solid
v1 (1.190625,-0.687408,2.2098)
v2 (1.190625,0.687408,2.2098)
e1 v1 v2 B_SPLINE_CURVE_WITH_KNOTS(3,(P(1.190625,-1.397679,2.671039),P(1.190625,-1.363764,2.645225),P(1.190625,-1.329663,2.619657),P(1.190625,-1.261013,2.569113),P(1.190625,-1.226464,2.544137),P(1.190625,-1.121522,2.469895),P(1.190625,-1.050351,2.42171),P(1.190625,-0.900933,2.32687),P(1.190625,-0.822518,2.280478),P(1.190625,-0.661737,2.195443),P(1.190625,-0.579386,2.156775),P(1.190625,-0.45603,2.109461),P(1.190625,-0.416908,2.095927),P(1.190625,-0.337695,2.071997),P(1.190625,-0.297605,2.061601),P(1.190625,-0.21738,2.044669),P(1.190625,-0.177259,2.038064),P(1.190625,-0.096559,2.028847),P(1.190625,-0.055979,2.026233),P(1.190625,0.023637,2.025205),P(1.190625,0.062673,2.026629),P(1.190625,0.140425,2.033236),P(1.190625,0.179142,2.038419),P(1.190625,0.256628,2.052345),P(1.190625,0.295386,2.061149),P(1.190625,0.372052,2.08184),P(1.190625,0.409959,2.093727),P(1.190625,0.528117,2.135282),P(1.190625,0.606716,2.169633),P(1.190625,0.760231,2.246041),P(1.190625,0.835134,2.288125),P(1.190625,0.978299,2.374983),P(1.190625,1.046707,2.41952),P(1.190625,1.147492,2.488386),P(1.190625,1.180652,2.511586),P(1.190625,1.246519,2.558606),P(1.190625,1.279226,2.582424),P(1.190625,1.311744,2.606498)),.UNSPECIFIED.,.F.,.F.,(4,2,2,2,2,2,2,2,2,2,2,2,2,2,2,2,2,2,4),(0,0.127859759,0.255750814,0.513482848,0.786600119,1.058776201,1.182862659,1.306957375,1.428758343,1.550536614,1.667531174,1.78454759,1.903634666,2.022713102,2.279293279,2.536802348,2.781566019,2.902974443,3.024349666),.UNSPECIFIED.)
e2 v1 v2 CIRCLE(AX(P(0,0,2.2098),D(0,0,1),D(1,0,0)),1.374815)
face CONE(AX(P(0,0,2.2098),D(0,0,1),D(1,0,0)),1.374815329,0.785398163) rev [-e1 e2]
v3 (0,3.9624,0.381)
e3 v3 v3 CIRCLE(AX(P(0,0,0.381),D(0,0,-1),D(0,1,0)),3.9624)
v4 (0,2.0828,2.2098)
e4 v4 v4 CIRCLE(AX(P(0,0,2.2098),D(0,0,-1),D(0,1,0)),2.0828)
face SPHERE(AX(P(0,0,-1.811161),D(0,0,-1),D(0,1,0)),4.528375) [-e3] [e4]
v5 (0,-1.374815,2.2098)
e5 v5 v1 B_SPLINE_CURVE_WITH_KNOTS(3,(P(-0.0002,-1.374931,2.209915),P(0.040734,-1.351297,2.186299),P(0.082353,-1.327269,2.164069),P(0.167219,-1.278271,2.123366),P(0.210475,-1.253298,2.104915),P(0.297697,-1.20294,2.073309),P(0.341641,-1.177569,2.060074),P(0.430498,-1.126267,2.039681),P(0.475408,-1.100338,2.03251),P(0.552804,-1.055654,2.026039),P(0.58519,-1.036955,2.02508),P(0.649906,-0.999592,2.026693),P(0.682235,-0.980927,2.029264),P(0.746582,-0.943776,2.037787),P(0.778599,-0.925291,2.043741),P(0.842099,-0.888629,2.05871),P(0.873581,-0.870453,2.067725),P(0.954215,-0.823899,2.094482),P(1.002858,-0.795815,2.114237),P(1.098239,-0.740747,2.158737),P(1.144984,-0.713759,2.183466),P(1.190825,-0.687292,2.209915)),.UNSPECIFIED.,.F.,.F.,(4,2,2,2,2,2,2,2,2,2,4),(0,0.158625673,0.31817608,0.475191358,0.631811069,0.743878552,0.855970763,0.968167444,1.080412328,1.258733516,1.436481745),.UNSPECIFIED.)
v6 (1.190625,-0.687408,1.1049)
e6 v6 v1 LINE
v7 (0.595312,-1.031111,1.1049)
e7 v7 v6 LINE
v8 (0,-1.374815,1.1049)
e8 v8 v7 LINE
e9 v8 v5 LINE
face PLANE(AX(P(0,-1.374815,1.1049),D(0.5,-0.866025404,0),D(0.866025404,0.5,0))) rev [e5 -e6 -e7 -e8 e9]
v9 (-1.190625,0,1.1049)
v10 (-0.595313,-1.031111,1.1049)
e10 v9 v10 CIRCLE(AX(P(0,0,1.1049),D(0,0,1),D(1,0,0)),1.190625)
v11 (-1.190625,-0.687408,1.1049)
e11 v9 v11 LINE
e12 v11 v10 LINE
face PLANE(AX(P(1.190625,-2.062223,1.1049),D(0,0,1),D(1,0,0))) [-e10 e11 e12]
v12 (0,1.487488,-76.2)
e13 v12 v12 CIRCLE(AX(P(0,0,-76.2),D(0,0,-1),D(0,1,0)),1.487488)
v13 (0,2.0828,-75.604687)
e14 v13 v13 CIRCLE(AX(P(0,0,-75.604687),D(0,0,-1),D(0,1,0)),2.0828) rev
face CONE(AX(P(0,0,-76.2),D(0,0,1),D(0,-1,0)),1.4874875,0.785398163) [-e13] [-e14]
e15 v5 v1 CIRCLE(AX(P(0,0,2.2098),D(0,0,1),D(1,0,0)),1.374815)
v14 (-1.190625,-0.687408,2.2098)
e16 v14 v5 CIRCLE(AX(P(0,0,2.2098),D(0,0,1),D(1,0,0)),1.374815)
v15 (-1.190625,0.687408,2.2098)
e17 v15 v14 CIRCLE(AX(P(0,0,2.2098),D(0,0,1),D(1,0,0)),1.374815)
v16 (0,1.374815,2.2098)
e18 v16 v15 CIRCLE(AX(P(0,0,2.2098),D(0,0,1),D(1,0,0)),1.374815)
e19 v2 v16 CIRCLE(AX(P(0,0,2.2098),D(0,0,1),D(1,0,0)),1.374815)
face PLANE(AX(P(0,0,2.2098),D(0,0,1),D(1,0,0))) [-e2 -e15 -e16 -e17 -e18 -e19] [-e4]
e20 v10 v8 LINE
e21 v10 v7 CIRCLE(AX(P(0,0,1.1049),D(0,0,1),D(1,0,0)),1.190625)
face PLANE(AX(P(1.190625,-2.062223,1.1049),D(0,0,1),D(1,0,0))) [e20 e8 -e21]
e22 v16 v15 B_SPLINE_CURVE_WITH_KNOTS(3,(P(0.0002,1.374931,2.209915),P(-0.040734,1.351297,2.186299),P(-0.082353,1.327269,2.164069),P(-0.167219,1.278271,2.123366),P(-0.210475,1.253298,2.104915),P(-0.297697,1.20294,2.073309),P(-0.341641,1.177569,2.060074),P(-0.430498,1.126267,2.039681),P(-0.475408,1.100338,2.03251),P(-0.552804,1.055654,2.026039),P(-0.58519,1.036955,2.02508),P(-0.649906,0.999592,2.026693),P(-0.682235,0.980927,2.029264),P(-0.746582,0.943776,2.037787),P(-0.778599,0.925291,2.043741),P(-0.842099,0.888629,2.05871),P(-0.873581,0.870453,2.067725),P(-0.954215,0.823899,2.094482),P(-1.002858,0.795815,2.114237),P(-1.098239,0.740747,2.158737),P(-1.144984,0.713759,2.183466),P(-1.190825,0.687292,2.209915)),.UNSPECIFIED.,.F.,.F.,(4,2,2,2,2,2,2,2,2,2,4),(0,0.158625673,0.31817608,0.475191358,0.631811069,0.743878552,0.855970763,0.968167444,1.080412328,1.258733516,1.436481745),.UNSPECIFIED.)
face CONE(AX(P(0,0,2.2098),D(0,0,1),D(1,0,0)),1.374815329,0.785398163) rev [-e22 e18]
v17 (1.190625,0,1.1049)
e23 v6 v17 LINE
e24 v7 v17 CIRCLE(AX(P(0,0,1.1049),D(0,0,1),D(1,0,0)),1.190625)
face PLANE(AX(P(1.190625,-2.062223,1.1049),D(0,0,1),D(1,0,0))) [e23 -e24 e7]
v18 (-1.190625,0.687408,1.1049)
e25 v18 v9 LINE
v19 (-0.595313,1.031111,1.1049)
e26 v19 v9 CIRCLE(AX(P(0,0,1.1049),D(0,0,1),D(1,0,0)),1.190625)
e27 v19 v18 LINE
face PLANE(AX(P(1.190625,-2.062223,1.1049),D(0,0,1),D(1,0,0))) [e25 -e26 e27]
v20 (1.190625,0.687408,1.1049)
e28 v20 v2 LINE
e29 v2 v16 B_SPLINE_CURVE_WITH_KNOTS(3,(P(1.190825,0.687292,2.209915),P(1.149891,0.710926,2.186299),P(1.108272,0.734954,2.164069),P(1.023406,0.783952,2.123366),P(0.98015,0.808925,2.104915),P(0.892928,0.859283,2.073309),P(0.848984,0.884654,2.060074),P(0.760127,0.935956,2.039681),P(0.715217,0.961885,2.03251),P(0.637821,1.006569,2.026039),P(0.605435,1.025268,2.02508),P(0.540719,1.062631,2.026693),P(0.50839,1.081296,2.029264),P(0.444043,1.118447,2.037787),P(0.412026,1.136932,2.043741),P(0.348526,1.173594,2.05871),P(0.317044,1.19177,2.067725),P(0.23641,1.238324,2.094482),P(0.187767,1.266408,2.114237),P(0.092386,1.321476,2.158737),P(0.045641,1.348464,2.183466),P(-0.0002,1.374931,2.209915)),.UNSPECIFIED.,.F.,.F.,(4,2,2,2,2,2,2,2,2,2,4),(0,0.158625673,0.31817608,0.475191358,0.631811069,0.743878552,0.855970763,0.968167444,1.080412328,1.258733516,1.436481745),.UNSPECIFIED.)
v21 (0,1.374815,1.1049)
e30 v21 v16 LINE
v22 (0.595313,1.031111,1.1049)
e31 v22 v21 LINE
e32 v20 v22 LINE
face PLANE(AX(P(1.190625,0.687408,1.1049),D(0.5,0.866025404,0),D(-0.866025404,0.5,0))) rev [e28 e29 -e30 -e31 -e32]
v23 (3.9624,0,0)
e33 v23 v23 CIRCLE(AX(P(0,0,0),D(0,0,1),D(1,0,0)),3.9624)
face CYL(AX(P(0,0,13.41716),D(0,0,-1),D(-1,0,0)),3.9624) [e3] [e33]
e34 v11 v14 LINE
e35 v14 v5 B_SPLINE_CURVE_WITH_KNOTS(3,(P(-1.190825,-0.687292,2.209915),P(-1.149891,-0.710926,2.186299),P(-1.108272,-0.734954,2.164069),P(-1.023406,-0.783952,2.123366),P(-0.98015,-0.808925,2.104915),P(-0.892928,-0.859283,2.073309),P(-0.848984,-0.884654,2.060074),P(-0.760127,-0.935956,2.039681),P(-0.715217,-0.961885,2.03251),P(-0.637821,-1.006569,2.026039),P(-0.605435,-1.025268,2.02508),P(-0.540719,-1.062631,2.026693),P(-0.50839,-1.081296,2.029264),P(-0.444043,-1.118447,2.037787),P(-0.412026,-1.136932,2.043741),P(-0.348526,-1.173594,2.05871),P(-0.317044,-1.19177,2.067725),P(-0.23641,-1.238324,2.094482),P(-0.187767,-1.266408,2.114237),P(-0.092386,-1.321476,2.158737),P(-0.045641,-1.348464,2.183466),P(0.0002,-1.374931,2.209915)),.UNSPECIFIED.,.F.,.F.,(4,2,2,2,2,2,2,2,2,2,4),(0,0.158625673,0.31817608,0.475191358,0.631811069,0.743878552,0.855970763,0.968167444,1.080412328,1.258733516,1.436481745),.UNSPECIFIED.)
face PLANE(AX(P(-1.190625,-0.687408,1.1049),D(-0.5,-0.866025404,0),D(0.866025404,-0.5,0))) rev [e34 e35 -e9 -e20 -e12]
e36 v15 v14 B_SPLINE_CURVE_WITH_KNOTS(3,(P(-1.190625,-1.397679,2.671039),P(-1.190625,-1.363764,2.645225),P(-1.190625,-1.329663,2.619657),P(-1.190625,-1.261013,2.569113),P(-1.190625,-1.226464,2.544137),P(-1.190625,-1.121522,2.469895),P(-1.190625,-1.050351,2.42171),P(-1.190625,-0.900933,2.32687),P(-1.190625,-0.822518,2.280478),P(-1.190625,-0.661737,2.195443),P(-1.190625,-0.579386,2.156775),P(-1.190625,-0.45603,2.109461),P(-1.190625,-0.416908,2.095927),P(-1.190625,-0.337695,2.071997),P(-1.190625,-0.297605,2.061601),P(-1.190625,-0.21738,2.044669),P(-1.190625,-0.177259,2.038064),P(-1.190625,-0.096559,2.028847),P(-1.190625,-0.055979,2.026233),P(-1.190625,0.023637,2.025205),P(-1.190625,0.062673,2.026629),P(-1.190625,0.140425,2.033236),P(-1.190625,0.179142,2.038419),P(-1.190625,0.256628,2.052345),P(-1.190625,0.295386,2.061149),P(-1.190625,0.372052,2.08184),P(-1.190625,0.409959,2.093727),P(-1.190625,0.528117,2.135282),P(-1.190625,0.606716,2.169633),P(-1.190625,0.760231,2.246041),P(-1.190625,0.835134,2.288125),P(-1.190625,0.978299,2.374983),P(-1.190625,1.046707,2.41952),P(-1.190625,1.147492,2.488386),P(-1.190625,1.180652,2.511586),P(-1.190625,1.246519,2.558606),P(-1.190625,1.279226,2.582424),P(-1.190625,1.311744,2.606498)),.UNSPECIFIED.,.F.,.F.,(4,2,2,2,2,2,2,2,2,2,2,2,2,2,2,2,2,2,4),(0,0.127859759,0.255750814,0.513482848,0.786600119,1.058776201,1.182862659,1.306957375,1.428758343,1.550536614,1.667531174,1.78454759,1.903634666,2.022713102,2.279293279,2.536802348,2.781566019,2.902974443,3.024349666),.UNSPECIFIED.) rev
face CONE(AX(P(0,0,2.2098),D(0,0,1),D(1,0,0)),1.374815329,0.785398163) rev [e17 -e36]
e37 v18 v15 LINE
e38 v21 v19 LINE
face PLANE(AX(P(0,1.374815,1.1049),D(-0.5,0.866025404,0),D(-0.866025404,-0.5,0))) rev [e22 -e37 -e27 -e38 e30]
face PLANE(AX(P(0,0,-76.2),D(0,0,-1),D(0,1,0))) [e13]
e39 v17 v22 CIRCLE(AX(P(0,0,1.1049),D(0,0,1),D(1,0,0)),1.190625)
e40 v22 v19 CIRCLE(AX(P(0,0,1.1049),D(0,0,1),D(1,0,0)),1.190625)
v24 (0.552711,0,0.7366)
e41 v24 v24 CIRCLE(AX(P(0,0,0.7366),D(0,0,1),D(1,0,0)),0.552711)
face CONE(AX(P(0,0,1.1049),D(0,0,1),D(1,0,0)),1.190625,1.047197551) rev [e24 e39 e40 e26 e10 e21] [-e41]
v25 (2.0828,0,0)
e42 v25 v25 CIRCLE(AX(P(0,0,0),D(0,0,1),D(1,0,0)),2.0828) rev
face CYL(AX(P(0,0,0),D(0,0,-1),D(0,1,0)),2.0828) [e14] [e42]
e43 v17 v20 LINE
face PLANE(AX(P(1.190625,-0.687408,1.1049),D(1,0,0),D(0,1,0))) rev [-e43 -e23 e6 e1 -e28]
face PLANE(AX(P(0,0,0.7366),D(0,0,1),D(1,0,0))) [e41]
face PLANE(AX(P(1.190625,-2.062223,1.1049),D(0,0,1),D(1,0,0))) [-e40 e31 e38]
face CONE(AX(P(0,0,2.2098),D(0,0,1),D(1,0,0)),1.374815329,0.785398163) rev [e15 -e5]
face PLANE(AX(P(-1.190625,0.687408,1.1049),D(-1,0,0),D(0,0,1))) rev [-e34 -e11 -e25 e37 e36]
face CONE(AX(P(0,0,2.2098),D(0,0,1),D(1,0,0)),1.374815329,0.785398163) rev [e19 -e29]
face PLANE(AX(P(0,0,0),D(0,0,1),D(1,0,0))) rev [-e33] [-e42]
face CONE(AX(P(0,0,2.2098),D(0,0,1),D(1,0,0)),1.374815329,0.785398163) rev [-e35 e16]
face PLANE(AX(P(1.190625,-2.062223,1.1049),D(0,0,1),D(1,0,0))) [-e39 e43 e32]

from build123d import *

# Parameters (mm, degrees)
SKETCH1_W          = 76.2
SKETCH1_H          = 2.0828
CHAMFER1_SIZE      = 0.5953125
SKETCH4_R          = 3.9624
EXTRUDE1_DEPTH     = 2.2098
CUT_EXTRUDE1_DEPTH = 1.1049
SKETCH7_R          = 1.374815329
CUT_EXTRUDE4_DEPTH = 1.1049
CUT_EXTRUDE4_TAPER = 45
SKETCH8_R          = 1.190625
CUT_EXTRUDE5_DEPTH = 0.3683
CUT_EXTRUDE5_TAPER = 60


with BuildPart() as part:
    # Sketch1 → Revolve1 (revolve)
    with BuildSketch(Plane(origin=(0, 0, 0), x_dir=(0, 0, -1), z_dir=(1, 0, 0))):
        with Locations((38.1, 1.0414)):
            Rectangle(SKETCH1_W, SKETCH1_H)
    revolve(axis=Axis((0, 0, 0), (0, 0, 1)))

    # Chamfer1
    chamfer1_edges = [part.edges().sort_by_distance(p)[0] for p in [
        (0, -2.0828, -76.2),
    ]]
    chamfer(chamfer1_edges, length=CHAMFER1_SIZE)

    # Sketch4 → Extrude1 (add)
    with BuildSketch(Plane.XY):
        Circle(SKETCH4_R)
    extrude(amount=EXTRUDE1_DEPTH)

    # Sketch9 → Cut-Revolve3 (revolve, cut)
    with BuildSketch(Plane(origin=(0, 0, 0), x_dir=(0, 0, -1), z_dir=(1, 0, 0))):
        with BuildLine():
            Line((0, 3.9624), (-0.381, 3.9624))
            ThreePointArc((-0.381, 3.9624), (-1.434442989, 3.157885071), (-2.2098, 2.0828))
            Line((-2.2098, 2.0828), (-2.5908, 2.0828))
            Line((-2.5908, 2.0828), (-2.5908, 4.3434))
            Line((-2.5908, 4.3434), (0, 4.3434))
            Line((0, 4.3434), (0, 3.9624))
        make_face()
    revolve(axis=Axis((0, 0, 0), (0, 0, 1)), mode=Mode.SUBTRACT)

    # Sketch6 → Cut-Extrude1 (cut)
    with BuildSketch(Plane.XY.offset(2.2098)):
        Polygon((0, -1.374815329), (1.190625, -0.687407664), (1.190625, 0.687407664), (0, 1.374815329), (-1.190625, 0.687407664), (-1.190625, -0.687407664), align=None)
    extrude(amount=-CUT_EXTRUDE1_DEPTH, mode=Mode.SUBTRACT)

    # Sketch7 → Cut-Extrude4 (cut)
    with BuildSketch(Plane.XY.offset(2.2098)):
        Circle(SKETCH7_R)
    extrude(amount=-CUT_EXTRUDE4_DEPTH, taper=CUT_EXTRUDE4_TAPER, mode=Mode.SUBTRACT)

    # Sketch8 → Cut-Extrude5 (cut)
    with BuildSketch(Plane.XY.offset(1.1049)):
        Circle(SKETCH8_R)
    extrude(amount=-CUT_EXTRUDE5_DEPTH, taper=CUT_EXTRUDE5_TAPER, mode=Mode.SUBTRACT)


solid = part.part
